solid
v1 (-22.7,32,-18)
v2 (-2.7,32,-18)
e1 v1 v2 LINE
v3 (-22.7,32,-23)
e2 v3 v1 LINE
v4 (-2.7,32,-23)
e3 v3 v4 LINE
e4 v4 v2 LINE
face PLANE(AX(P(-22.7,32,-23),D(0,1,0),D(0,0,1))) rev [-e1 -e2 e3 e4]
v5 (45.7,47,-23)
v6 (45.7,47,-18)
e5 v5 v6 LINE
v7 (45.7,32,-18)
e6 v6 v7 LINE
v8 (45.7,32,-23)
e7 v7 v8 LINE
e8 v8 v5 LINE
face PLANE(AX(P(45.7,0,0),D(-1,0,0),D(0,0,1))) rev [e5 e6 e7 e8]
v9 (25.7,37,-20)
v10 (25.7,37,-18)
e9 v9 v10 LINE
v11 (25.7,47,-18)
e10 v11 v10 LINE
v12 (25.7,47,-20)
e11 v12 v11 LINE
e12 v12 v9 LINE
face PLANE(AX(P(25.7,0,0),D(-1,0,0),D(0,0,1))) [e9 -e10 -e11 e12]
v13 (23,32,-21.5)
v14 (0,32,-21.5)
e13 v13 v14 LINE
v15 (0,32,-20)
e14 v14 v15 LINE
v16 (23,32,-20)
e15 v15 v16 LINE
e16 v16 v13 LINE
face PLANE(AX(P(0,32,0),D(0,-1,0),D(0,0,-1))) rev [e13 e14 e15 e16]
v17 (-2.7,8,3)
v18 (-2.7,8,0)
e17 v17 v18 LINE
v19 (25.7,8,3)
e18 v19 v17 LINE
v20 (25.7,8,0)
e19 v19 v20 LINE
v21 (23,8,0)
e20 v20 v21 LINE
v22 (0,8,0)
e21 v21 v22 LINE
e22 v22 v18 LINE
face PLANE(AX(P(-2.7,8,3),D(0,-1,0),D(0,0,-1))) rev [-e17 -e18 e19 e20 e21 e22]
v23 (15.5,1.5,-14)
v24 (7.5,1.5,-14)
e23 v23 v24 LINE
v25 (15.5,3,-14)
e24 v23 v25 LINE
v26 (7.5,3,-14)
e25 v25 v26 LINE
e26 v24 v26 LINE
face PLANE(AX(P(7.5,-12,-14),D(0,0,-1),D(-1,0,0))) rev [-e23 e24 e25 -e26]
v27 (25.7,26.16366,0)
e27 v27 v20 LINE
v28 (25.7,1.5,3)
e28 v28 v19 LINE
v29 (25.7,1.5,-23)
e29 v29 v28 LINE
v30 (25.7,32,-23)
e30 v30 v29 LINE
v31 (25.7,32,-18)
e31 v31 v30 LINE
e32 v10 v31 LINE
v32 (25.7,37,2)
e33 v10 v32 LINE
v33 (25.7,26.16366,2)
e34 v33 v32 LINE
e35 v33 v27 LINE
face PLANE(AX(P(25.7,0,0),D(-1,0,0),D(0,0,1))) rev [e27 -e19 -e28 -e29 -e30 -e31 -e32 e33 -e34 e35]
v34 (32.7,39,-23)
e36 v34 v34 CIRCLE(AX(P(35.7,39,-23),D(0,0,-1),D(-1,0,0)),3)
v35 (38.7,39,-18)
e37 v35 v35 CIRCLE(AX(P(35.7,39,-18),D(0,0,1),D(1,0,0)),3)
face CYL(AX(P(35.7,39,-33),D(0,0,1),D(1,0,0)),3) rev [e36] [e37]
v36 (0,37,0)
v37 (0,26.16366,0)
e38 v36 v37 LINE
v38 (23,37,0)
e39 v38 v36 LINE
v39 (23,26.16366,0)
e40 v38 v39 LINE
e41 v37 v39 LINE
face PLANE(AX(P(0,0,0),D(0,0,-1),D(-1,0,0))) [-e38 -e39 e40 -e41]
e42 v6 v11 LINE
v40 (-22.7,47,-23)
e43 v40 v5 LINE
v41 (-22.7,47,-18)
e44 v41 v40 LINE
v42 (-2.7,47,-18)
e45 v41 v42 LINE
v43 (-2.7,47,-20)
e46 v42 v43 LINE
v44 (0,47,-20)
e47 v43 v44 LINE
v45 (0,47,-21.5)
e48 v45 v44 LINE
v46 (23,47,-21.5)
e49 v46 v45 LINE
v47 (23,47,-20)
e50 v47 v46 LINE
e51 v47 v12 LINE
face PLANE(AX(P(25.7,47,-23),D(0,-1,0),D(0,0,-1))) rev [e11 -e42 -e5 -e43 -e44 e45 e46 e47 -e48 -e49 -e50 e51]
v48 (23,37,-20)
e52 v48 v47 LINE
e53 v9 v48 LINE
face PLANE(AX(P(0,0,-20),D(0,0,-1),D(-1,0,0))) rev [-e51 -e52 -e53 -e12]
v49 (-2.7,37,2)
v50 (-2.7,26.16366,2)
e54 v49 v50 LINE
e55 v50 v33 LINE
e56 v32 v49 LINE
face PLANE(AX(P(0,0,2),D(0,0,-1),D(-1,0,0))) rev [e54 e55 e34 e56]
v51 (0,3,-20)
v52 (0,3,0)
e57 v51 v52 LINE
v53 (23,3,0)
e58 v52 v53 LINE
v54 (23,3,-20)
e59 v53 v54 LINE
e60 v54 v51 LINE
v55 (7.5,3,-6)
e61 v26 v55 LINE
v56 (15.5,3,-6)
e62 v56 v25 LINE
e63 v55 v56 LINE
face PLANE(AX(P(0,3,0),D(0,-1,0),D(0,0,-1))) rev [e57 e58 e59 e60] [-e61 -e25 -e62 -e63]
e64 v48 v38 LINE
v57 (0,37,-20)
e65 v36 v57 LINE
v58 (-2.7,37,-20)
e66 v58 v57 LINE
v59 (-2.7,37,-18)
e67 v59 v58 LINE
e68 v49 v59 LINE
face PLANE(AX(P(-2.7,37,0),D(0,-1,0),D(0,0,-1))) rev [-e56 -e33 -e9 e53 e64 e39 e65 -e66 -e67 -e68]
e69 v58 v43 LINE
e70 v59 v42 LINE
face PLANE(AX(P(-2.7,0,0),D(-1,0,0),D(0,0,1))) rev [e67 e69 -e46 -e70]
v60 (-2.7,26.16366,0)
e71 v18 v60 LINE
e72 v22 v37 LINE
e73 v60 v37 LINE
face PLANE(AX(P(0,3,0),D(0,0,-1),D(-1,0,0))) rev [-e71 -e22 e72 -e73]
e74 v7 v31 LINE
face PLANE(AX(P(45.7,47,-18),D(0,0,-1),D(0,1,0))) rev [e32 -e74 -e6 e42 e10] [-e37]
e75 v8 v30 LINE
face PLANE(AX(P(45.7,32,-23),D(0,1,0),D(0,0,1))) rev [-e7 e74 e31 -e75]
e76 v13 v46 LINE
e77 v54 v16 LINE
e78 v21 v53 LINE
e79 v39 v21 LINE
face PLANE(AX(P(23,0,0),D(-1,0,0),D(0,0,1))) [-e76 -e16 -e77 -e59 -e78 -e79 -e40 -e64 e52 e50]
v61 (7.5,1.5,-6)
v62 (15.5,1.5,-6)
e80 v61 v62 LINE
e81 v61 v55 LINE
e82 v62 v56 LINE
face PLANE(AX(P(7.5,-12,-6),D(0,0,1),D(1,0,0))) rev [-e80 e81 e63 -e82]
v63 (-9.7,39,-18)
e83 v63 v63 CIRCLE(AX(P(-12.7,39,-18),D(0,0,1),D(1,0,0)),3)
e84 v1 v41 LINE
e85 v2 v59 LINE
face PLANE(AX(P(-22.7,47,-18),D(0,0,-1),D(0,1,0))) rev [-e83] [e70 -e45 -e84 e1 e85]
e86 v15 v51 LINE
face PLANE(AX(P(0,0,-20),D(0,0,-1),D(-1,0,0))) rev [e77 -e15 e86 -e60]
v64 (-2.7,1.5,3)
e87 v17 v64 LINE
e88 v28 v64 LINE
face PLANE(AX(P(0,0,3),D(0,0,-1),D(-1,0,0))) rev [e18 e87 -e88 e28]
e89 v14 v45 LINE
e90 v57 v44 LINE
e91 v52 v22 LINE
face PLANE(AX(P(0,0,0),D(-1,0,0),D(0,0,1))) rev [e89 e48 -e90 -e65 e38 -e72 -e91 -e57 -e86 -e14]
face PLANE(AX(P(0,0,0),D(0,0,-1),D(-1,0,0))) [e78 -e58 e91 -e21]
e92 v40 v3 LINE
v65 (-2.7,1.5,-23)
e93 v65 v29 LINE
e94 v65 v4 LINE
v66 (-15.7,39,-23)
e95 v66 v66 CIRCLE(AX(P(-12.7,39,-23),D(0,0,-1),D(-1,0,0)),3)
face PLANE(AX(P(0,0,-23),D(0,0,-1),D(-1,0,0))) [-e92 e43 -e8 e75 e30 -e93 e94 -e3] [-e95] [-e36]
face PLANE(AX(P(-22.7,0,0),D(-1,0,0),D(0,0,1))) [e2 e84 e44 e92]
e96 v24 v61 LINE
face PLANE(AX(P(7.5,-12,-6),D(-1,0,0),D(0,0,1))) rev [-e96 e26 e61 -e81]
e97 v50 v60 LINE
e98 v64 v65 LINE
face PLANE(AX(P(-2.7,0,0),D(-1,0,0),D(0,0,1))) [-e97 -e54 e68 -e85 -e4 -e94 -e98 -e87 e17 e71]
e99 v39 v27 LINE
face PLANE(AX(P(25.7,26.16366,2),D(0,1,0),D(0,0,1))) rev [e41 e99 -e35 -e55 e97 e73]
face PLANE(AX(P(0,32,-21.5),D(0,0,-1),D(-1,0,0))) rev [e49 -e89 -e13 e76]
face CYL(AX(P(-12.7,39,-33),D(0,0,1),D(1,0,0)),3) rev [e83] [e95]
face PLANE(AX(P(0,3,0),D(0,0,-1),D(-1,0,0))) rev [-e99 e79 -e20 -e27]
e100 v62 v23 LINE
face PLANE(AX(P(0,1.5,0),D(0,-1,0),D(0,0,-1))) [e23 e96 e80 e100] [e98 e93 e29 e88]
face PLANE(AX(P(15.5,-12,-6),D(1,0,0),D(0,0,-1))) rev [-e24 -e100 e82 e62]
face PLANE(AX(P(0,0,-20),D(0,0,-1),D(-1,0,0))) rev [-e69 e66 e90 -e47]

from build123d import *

# Parameters (mm, degrees)
SKETCH1_W           = 23
SKETCH1_H           = 20
BOSS_EXTRUDE1_DEPTH = 3
SKETCH2_W           = 20
SKETCH2_H           = 37
BOSS_EXTRUDE2_DEPTH = 2.7
SKETCH3_W           = 20
SKETCH3_H           = 37
BOSS_EXTRUDE3_DEPTH = 2.7
SKETCH4_W           = 28.4
SKETCH4_H           = 8
BOSS_EXTRUDE4_DEPTH = 3
SKETCH5_W           = 28.4
SKETCH5_H           = 47
BOSS_EXTRUDE5_DEPTH = 3
SKETCH6_W           = 5
SKETCH6_H           = 15
BOSS_EXTRUDE6_DEPTH = 20
SKETCH7_W           = 5
SKETCH7_H           = 15
BOSS_EXTRUDE7_DEPTH = 20
SKETCH8_W           = 8
SKETCH8_H           = 8
CUT_EXTRUDE1_DEPTH  = 15
SKETCH9_R           = 3
CUT_EXTRUDE2_DEPTH  = 15
SKETCH10_W          = 28.45
SKETCH10_H          = 26
CUT_EXTRUDE3_DEPTH  = 1.5
SKETCH12_W          = 23
SKETCH12_H          = 1.5
CUT_EXTRUDE4_DEPTH  = 15
SKETCH13_W          = 28.4
SKETCH13_H          = 10.836340194
BOSS_EXTRUDE8_DEPTH = 2


with BuildPart() as part:
    # Sketch1 → Boss-Extrude1 (new body)
    with BuildSketch(Plane(origin=(0, 0, 0), x_dir=(1, 0, 0), z_dir=(0, 1, 0))):
        with Locations((11.5, 10)):
            Rectangle(SKETCH1_W, SKETCH1_H)
    extrude(amount=BOSS_EXTRUDE1_DEPTH)

    # Sketch2 → Boss-Extrude2 (add)
    with BuildSketch(Plane.ZY):
        with Locations((-10, 18.5)):
            Rectangle(SKETCH2_W, SKETCH2_H)
    extrude(amount=BOSS_EXTRUDE2_DEPTH)

    # Sketch3 → Boss-Extrude3 (add)
    with BuildSketch(Plane(origin=(23, 0, 0), x_dir=(0, 0, -1), z_dir=(1, 0, 0))):
        with Locations((10, 18.5)):
            Rectangle(SKETCH3_W, SKETCH3_H)
    extrude(amount=BOSS_EXTRUDE3_DEPTH)

    # Sketch4 → Boss-Extrude4 (add)
    with BuildSketch(Plane.XY):
        with Locations((11.5, 4)):
            Rectangle(SKETCH4_W, SKETCH4_H)
    extrude(amount=BOSS_EXTRUDE4_DEPTH)

    # Sketch5 → Boss-Extrude5 (add)
    with BuildSketch(Plane(origin=(0, 0, -20), x_dir=(-1, 0, 0), z_dir=(0, 0, -1))):
        with Locations((-11.5, 23.5)):
            Rectangle(SKETCH5_W, SKETCH5_H)
    extrude(amount=BOSS_EXTRUDE5_DEPTH)

    # Sketch6 → Boss-Extrude6 (add)
    with BuildSketch(Plane(origin=(25.7, 0, 0), x_dir=(0, 0, -1), z_dir=(1, 0, 0))):
        with Locations((20.5, 39.5)):
            Rectangle(SKETCH6_W, SKETCH6_H)
    extrude(amount=BOSS_EXTRUDE6_DEPTH)

    # Sketch7 → Boss-Extrude7 (add)
    with BuildSketch(Plane.ZY.offset(2.7)):
        with Locations((-20.5, 39.5)):
            Rectangle(SKETCH7_W, SKETCH7_H)
    extrude(amount=BOSS_EXTRUDE7_DEPTH)

    # Sketch8 → Cut-Extrude1 (cut)
    with BuildSketch(Plane(origin=(0, 3, 0), x_dir=(1, 0, 0), z_dir=(0, 1, 0))):
        with Locations((11.5, 10)):
            Rectangle(SKETCH8_W, SKETCH8_H)
    extrude(amount=-CUT_EXTRUDE1_DEPTH, mode=Mode.SUBTRACT)

    # Sketch9 → Cut-Extrude2 (cut)
    with BuildSketch(Plane.XY.offset(-18)):
        with Locations((-12.7, 39)):
            Circle(SKETCH9_R)
        with Locations((35.7, 39)):
            Circle(SKETCH9_R)
    extrude(amount=-CUT_EXTRUDE2_DEPTH, mode=Mode.SUBTRACT)

    # Sketch10 → Cut-Extrude3 (cut)
    with BuildSketch(Plane.XZ):
        with Locations((11.525, -10)):
            Rectangle(SKETCH10_W, SKETCH10_H)
    extrude(amount=-CUT_EXTRUDE3_DEPTH, mode=Mode.SUBTRACT)

    # Sketch12 → Cut-Extrude4 (cut)
    with BuildSketch(Plane(origin=(0, 47, 0), x_dir=(1, 0, 0), z_dir=(0, 1, 0))):
        with Locations((11.5, 20.75)):
            Rectangle(SKETCH12_W, SKETCH12_H)
    extrude(amount=-CUT_EXTRUDE4_DEPTH, mode=Mode.SUBTRACT)

    # Sketch13 → Boss-Extrude8 (add)
    with BuildSketch(Plane.XY):
        with Locations((11.5, 31.581829903)):
            Rectangle(SKETCH13_W, SKETCH13_H)
    extrude(amount=BOSS_EXTRUDE8_DEPTH)


solid = part.part
